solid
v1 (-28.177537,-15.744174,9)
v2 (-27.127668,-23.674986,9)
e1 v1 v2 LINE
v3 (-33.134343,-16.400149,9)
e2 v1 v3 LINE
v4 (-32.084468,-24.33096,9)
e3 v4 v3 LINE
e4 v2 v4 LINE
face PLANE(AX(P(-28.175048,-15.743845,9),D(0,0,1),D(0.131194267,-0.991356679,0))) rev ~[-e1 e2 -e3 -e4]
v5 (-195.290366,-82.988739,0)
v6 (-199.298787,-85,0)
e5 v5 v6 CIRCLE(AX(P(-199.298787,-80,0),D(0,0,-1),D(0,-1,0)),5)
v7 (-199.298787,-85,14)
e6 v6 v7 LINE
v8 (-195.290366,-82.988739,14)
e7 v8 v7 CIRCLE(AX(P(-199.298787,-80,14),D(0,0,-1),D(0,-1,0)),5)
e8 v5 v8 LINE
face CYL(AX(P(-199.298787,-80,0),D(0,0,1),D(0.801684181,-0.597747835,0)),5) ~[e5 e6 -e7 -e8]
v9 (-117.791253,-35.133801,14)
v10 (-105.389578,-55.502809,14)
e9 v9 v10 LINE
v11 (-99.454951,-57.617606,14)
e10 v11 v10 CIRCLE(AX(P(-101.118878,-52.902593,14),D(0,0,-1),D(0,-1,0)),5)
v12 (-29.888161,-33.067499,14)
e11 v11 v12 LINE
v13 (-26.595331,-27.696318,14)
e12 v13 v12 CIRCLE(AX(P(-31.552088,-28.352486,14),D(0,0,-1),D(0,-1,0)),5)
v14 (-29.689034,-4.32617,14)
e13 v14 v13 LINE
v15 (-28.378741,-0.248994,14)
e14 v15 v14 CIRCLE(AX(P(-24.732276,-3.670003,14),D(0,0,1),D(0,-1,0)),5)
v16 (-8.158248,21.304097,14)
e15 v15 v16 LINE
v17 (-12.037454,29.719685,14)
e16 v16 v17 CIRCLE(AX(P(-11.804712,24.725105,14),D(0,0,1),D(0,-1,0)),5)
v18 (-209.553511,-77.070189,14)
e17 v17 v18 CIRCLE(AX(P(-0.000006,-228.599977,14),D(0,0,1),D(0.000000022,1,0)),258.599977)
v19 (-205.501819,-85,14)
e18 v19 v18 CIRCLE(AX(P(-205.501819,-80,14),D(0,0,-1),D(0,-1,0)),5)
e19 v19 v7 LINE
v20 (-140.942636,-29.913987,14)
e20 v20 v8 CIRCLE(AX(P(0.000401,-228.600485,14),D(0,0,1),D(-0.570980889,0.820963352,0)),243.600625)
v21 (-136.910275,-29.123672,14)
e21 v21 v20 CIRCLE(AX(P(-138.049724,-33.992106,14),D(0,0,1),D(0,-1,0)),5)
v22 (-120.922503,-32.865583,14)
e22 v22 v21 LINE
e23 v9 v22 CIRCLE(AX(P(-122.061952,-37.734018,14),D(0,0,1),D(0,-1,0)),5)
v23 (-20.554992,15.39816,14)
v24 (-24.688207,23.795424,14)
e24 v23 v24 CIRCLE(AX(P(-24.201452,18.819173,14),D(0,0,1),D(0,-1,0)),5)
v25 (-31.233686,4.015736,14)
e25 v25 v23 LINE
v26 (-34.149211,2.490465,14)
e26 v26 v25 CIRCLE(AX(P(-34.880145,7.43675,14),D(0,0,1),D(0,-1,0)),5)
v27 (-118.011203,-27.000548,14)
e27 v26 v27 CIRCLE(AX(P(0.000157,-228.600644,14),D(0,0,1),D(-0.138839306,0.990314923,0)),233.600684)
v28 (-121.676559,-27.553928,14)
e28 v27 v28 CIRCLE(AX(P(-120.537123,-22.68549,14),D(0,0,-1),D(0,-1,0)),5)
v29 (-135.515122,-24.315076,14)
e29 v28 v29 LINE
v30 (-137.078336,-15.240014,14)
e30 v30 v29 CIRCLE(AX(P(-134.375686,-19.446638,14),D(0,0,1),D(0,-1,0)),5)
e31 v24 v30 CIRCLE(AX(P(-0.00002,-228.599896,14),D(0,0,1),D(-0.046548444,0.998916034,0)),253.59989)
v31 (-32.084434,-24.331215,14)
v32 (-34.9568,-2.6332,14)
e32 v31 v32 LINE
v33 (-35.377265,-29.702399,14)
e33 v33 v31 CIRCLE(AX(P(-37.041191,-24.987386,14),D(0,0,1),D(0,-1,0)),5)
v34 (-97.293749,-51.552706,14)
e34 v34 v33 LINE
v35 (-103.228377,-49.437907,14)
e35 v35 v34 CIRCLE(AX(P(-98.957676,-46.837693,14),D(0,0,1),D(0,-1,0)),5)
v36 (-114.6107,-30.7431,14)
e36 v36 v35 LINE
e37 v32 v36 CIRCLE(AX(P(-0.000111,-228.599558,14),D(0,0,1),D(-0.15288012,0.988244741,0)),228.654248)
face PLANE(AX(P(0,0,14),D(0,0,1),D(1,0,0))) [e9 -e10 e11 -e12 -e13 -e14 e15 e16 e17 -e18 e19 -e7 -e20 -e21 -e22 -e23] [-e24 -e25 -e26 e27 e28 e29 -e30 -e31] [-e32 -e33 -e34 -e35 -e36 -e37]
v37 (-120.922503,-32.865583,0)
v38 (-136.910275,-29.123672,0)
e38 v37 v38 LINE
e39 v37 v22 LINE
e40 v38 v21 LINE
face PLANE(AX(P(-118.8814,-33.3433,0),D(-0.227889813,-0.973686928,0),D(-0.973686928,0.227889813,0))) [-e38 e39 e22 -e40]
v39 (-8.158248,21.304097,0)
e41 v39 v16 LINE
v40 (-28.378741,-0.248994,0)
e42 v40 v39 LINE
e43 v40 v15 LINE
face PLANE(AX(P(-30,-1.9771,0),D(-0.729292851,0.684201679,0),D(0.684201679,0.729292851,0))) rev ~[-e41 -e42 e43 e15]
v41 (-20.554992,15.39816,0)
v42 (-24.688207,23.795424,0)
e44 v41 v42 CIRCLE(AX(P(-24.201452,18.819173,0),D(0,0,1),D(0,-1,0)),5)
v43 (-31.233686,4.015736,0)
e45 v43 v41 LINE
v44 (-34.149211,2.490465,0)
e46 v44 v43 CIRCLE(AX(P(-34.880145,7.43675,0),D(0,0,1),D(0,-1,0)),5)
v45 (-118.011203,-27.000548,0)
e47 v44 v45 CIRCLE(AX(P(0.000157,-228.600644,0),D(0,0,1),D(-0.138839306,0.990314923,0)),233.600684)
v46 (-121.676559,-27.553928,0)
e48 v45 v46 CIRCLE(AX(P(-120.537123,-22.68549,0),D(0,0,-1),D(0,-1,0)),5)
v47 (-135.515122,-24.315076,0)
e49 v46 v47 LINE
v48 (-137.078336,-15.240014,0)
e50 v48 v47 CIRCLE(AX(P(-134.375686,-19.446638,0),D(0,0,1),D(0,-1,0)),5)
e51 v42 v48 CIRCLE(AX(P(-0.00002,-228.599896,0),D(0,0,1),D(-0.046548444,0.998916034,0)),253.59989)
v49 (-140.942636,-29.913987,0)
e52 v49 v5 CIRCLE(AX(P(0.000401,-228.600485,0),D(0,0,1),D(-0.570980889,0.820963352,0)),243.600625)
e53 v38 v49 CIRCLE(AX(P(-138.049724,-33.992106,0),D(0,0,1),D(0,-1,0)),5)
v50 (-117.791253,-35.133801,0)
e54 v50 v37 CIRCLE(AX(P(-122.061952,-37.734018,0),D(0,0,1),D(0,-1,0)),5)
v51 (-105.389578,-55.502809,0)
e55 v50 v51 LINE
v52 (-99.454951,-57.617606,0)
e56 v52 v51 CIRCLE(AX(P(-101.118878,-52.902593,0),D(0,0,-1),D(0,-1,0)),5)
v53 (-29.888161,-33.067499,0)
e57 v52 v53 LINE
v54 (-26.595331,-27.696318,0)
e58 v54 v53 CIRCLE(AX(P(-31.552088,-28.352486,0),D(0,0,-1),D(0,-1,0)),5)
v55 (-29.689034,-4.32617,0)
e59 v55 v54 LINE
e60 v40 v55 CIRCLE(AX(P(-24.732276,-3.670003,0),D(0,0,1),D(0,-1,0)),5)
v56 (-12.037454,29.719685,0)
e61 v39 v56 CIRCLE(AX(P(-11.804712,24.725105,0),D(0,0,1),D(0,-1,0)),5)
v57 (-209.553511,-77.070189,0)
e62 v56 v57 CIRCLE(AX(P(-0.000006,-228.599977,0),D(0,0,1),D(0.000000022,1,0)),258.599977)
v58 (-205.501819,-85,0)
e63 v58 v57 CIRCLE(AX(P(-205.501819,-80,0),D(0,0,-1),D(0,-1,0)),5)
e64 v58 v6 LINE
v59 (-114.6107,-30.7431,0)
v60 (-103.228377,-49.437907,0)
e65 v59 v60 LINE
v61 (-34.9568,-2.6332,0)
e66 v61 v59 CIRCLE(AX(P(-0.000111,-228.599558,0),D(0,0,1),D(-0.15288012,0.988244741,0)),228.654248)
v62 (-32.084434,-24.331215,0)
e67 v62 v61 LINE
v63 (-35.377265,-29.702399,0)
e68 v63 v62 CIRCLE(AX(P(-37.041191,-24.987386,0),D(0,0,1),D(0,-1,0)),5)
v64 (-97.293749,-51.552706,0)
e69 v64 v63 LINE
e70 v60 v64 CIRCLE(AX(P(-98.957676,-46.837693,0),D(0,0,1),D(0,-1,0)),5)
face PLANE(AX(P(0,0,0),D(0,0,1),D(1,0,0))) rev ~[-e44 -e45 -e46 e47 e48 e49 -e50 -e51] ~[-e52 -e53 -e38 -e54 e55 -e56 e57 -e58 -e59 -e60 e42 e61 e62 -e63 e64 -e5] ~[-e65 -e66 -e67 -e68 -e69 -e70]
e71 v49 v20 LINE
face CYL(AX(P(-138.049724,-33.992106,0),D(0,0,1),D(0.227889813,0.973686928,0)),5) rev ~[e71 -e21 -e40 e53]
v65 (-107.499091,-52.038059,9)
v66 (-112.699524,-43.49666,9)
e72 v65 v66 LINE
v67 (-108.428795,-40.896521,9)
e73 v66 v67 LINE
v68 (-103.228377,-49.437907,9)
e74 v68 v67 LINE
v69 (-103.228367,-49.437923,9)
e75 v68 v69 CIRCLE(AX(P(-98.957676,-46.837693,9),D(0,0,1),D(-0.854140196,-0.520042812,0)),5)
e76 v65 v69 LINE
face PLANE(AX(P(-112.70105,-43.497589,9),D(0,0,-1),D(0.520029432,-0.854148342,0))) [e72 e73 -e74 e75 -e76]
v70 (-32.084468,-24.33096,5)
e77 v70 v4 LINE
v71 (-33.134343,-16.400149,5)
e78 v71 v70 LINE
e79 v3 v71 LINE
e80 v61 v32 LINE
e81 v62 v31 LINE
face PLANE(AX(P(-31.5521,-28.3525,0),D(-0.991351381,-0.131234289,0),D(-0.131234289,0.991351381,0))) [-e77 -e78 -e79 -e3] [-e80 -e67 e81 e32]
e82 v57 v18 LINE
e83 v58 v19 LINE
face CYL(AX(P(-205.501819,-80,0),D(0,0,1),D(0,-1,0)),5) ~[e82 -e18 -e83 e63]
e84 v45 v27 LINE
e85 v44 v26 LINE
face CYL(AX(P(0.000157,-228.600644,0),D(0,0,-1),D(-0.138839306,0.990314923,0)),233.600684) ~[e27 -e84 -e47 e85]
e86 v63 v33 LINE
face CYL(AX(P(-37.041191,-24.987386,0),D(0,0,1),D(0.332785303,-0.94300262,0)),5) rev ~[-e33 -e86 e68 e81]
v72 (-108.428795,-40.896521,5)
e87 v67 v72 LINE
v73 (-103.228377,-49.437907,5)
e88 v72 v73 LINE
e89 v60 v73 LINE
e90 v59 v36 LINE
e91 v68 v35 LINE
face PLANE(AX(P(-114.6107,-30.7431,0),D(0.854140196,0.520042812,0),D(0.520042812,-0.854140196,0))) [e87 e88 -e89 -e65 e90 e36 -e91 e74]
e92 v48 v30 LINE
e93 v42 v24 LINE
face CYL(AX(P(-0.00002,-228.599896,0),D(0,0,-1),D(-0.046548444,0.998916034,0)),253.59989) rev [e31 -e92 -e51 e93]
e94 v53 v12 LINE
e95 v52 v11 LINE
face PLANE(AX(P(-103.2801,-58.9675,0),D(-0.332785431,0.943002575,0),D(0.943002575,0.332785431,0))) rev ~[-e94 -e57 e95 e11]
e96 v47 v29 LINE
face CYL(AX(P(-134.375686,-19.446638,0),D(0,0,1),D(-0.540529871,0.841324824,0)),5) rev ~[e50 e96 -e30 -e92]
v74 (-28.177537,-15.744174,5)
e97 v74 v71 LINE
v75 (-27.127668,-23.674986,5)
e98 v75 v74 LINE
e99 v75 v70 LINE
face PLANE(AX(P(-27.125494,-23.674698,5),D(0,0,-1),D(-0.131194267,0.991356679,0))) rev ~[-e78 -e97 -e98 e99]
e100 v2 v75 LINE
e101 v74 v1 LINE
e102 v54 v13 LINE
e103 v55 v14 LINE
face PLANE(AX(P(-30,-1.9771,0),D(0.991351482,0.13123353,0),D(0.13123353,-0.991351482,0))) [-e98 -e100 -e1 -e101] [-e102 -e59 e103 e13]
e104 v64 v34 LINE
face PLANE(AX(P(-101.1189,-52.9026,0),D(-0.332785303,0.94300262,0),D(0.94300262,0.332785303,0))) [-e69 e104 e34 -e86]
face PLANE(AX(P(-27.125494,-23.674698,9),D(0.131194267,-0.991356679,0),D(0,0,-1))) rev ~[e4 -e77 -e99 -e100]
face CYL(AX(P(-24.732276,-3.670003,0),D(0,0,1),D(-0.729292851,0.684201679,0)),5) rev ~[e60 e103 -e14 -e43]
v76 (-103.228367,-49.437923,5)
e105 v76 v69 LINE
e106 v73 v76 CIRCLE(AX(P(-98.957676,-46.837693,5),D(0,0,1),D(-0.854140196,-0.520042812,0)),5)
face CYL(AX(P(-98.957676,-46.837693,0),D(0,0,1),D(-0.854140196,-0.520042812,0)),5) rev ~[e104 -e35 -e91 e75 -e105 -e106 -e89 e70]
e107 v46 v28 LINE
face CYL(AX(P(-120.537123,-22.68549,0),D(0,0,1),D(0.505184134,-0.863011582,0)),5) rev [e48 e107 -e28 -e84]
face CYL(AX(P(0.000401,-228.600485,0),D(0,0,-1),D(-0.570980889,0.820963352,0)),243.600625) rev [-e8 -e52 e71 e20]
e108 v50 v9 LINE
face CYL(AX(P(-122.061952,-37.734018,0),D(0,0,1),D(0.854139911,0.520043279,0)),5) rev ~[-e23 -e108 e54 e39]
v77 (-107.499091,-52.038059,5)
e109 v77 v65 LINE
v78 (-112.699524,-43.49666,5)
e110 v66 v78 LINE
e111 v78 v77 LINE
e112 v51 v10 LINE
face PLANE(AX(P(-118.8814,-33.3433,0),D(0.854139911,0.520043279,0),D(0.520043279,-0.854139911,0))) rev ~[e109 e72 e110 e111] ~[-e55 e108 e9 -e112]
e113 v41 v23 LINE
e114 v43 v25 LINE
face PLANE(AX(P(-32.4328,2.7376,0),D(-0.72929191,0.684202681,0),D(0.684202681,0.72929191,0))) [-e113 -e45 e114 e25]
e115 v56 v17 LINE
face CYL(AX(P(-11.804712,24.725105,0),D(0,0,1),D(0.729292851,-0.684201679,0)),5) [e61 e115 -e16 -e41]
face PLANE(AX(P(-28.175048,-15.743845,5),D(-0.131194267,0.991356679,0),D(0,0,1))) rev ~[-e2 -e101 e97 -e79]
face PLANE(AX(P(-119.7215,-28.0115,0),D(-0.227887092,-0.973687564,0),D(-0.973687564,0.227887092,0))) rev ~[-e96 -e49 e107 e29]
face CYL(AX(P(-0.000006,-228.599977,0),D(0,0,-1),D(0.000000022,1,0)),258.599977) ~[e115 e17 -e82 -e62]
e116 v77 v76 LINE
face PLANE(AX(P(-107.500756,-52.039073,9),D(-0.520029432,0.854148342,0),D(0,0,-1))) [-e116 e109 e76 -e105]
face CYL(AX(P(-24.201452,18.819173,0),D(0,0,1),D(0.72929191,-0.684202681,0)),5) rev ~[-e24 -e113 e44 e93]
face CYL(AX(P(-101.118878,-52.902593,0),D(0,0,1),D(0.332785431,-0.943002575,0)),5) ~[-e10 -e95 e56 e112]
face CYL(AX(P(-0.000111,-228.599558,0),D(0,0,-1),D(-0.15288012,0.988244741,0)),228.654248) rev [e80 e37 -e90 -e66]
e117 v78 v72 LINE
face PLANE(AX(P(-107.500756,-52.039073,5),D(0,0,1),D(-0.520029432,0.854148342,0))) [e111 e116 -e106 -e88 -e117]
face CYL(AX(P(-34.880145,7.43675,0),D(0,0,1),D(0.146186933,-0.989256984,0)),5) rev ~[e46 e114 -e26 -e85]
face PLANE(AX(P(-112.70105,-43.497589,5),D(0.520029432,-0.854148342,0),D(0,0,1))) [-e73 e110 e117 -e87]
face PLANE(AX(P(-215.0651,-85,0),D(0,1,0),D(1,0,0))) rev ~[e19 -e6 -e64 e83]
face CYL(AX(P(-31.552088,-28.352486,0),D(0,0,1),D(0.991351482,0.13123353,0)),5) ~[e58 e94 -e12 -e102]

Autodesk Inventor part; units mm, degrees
ref_plane "YZ Plane" through (0, 0, 0) normal (1, 0, 0) x (0, 1, 0)
ref_plane "XZ Plane" through (0, 0, 0) normal (0, 1, 0) x (-1, 0, 0)
ref_plane "XY Plane" through (0, 0, 0) normal (0, 0, 1) x (1, 0, 0)
sketch "Sketch1" plane through (0, 0, 0) normal (0, 0, 1) x (1, 0, 0)
  circle A0 centre (0, -228.6) radius 228.6 construction
  line L0 (0, 0) -> (0, 15) construction
  line L1 (0, 15) -> (-3, 15) construction
  line L2 (0, 0) -> (-100, 0) construction
  line L3 (0, 0) -> (0, -85) construction
  line L4 (0, 15) -> (0, 30) construction
  line L5 (0, -85) -> (-177.8679, -85) construction
  line L6 (-177.8679, -85) -> (-196.774, -85) construction
  circle A1 centre (0, -228.6) radius 243.6 construction
  circle A2 centre (0, -228.6) radius 258.6 construction
  arc A3 (0, 30) -> (-215.0651, -85) centre (0, -228.6) ccw
  line L7 (-30, -1.9771) -> (0, 30)
  line L8 (-118.8814, -33.3433) -> (-139.0909, -28.6133)
  line L9 (-196.774, -85) -> (-215.0651, -85) construction
  line L10 (-215.0651, -85) -> (-196.774, -85)
  arc A4 (-139.0909, -28.6133) -> (-196.774, -85) centre (0, -228.6) ccw
  circle A5 centre (0, -228.6) radius 233.6 construction
  circle A6 centre (0, -228.6) radius 253.6 construction
  line L11 (-119.7215, -28.0115) -> (-146.6573, -21.7073)
  line L12 (-32.4328, 2.7376) -> (-11.8047, 24.7251)
  arc A7 (-32.4328, 2.7376) -> (-119.7215, -28.0115) centre (0, -228.6) ccw
  arc A8 (-11.8047, 24.7251) -> (-146.6573, -21.7073) centre (0, -228.6) ccw
  line L13 (-118.8814, -33.3433) -> (0, -228.6) construction
  line L14 (-30, -1.9771) -> (0, -228.6) construction
  line L15 (-118.8814, -33.3433) -> (-103.2801, -58.9675)
  line L16 (-30, -1.9771) -> (-26.063, -31.7176)
  line L17 (-103.2801, -58.9675) -> (-26.063, -31.7176)
  line L18 (-114.6107, -30.7431) -> (-101.1189, -52.9026)
  line L19 (-101.1189, -52.9026) -> (-31.5521, -28.3525)
  line L20 (-31.5521, -28.3525) -> (-34.9568, -2.6332)
  arc A9 (-34.9568, -2.6332) -> (-114.6107, -30.7431) centre (0, -228.6) ccw
  dimension "d2" = 457.2
  dimension "d3" = 228.6
  dimension "d6" = 3
  dimension "d7" = 100
  dimension "d9" = 85
  dimension "d13" = 15
  dimension "d14" = 15
  dimension "d18" = 30
  dimension "d21" = 120
  dimension "d22" = 20.2095
  dimension "d23" = 467.2
  dimension "d24" = 507.2
  dimension "d25" = 5
  dimension "d26" = 5
  dimension "d27" = 30
  dimension "d28" = 30
  dimension "d29" = 5
  dimension "d30" = 228.6547
extrude "Extrusion1" add sketch "Sketch1" along normal blind 14
fillet "Fillet1" radius 5 14 edges at (-30, -1.9771, 7) (-118.8814, -33.3433, 7) (-139.0909, -28.6133, 7) (-11.8047, 24.7251, 7) (-146.6573, -21.7073, 7) (0, 30, 7) (-32.4328, 2.7376, 7) (-101.1189, -52.9026, 7) (-31.5521, -28.3525, 7) (-119.7215, -28.0115, 7) (-196.774, -85, 7) (-215.0651, -85, 7) (-26.063, -31.7176, 7) (-103.2801, -58.9675, 7)
sketch "Sketch2" plane through (-26.5953, -27.6963, 14) normal (0.9914, 0.1312, 0) x (0, 0, -1)
  line L0 (5, 4.0564) -> (9, 4.0564)
  line L1 (9, 4.0564) -> (9, 12.0564)
  line L2 (9, 12.0564) -> (5, 12.0564)
  line L3 (5, 12.0564) -> (5, 4.0564)
  line L4 (14, 0) -> (14, 23.5741) projected
  line L5 (0, 0) -> (0, 23.5741) projected
  line L6 (5, 12.0564) -> (9, 12.0564)
  line L7 (5, 4.0564) -> (9, 4.0564)
  line L8 (0, 4.0564) -> (14, 4.0564) projected
  point P0 (14, 23.9666)
  dimension "d34" = 5
  dimension "d35" = 5
  dimension "d46" = 8
extrude "Extrusion2" cut sketch "Sketch2" against normal blind 5
sketch "Sketch3" plane through (-105.3896, -55.5028, 0) normal (-0.8541, -0.52, 0) x (0, 0, 1)
  line L0 (9, 14.0564) -> (9, 4.0564)
  line L1 (9, 4.0564) -> (5, 4.0564)
  line L2 (0, 4.0564) -> (14, 4.0564) projected
  line L3 (5, 14.0564) -> (9, 14.0564)
  line L4 (14, 4.0564) -> (14, 25.9436) projected
  line L5 (5, 4.0564) -> (5, 14.0564)
  line L6 (0, 25.9436) -> (0, 4.0564) projected
  point P0 (0, -7.3997)
  dimension "d38" = 5
  dimension "d39" = 5
  dimension "d40" = 10
  dimension "d41" = 10
  dimension "d42" = 90
extrude "Extrusion3" cut sketch "Sketch3" against normal blind 5
properties part number "Bumper" material "ABS Plastic"
